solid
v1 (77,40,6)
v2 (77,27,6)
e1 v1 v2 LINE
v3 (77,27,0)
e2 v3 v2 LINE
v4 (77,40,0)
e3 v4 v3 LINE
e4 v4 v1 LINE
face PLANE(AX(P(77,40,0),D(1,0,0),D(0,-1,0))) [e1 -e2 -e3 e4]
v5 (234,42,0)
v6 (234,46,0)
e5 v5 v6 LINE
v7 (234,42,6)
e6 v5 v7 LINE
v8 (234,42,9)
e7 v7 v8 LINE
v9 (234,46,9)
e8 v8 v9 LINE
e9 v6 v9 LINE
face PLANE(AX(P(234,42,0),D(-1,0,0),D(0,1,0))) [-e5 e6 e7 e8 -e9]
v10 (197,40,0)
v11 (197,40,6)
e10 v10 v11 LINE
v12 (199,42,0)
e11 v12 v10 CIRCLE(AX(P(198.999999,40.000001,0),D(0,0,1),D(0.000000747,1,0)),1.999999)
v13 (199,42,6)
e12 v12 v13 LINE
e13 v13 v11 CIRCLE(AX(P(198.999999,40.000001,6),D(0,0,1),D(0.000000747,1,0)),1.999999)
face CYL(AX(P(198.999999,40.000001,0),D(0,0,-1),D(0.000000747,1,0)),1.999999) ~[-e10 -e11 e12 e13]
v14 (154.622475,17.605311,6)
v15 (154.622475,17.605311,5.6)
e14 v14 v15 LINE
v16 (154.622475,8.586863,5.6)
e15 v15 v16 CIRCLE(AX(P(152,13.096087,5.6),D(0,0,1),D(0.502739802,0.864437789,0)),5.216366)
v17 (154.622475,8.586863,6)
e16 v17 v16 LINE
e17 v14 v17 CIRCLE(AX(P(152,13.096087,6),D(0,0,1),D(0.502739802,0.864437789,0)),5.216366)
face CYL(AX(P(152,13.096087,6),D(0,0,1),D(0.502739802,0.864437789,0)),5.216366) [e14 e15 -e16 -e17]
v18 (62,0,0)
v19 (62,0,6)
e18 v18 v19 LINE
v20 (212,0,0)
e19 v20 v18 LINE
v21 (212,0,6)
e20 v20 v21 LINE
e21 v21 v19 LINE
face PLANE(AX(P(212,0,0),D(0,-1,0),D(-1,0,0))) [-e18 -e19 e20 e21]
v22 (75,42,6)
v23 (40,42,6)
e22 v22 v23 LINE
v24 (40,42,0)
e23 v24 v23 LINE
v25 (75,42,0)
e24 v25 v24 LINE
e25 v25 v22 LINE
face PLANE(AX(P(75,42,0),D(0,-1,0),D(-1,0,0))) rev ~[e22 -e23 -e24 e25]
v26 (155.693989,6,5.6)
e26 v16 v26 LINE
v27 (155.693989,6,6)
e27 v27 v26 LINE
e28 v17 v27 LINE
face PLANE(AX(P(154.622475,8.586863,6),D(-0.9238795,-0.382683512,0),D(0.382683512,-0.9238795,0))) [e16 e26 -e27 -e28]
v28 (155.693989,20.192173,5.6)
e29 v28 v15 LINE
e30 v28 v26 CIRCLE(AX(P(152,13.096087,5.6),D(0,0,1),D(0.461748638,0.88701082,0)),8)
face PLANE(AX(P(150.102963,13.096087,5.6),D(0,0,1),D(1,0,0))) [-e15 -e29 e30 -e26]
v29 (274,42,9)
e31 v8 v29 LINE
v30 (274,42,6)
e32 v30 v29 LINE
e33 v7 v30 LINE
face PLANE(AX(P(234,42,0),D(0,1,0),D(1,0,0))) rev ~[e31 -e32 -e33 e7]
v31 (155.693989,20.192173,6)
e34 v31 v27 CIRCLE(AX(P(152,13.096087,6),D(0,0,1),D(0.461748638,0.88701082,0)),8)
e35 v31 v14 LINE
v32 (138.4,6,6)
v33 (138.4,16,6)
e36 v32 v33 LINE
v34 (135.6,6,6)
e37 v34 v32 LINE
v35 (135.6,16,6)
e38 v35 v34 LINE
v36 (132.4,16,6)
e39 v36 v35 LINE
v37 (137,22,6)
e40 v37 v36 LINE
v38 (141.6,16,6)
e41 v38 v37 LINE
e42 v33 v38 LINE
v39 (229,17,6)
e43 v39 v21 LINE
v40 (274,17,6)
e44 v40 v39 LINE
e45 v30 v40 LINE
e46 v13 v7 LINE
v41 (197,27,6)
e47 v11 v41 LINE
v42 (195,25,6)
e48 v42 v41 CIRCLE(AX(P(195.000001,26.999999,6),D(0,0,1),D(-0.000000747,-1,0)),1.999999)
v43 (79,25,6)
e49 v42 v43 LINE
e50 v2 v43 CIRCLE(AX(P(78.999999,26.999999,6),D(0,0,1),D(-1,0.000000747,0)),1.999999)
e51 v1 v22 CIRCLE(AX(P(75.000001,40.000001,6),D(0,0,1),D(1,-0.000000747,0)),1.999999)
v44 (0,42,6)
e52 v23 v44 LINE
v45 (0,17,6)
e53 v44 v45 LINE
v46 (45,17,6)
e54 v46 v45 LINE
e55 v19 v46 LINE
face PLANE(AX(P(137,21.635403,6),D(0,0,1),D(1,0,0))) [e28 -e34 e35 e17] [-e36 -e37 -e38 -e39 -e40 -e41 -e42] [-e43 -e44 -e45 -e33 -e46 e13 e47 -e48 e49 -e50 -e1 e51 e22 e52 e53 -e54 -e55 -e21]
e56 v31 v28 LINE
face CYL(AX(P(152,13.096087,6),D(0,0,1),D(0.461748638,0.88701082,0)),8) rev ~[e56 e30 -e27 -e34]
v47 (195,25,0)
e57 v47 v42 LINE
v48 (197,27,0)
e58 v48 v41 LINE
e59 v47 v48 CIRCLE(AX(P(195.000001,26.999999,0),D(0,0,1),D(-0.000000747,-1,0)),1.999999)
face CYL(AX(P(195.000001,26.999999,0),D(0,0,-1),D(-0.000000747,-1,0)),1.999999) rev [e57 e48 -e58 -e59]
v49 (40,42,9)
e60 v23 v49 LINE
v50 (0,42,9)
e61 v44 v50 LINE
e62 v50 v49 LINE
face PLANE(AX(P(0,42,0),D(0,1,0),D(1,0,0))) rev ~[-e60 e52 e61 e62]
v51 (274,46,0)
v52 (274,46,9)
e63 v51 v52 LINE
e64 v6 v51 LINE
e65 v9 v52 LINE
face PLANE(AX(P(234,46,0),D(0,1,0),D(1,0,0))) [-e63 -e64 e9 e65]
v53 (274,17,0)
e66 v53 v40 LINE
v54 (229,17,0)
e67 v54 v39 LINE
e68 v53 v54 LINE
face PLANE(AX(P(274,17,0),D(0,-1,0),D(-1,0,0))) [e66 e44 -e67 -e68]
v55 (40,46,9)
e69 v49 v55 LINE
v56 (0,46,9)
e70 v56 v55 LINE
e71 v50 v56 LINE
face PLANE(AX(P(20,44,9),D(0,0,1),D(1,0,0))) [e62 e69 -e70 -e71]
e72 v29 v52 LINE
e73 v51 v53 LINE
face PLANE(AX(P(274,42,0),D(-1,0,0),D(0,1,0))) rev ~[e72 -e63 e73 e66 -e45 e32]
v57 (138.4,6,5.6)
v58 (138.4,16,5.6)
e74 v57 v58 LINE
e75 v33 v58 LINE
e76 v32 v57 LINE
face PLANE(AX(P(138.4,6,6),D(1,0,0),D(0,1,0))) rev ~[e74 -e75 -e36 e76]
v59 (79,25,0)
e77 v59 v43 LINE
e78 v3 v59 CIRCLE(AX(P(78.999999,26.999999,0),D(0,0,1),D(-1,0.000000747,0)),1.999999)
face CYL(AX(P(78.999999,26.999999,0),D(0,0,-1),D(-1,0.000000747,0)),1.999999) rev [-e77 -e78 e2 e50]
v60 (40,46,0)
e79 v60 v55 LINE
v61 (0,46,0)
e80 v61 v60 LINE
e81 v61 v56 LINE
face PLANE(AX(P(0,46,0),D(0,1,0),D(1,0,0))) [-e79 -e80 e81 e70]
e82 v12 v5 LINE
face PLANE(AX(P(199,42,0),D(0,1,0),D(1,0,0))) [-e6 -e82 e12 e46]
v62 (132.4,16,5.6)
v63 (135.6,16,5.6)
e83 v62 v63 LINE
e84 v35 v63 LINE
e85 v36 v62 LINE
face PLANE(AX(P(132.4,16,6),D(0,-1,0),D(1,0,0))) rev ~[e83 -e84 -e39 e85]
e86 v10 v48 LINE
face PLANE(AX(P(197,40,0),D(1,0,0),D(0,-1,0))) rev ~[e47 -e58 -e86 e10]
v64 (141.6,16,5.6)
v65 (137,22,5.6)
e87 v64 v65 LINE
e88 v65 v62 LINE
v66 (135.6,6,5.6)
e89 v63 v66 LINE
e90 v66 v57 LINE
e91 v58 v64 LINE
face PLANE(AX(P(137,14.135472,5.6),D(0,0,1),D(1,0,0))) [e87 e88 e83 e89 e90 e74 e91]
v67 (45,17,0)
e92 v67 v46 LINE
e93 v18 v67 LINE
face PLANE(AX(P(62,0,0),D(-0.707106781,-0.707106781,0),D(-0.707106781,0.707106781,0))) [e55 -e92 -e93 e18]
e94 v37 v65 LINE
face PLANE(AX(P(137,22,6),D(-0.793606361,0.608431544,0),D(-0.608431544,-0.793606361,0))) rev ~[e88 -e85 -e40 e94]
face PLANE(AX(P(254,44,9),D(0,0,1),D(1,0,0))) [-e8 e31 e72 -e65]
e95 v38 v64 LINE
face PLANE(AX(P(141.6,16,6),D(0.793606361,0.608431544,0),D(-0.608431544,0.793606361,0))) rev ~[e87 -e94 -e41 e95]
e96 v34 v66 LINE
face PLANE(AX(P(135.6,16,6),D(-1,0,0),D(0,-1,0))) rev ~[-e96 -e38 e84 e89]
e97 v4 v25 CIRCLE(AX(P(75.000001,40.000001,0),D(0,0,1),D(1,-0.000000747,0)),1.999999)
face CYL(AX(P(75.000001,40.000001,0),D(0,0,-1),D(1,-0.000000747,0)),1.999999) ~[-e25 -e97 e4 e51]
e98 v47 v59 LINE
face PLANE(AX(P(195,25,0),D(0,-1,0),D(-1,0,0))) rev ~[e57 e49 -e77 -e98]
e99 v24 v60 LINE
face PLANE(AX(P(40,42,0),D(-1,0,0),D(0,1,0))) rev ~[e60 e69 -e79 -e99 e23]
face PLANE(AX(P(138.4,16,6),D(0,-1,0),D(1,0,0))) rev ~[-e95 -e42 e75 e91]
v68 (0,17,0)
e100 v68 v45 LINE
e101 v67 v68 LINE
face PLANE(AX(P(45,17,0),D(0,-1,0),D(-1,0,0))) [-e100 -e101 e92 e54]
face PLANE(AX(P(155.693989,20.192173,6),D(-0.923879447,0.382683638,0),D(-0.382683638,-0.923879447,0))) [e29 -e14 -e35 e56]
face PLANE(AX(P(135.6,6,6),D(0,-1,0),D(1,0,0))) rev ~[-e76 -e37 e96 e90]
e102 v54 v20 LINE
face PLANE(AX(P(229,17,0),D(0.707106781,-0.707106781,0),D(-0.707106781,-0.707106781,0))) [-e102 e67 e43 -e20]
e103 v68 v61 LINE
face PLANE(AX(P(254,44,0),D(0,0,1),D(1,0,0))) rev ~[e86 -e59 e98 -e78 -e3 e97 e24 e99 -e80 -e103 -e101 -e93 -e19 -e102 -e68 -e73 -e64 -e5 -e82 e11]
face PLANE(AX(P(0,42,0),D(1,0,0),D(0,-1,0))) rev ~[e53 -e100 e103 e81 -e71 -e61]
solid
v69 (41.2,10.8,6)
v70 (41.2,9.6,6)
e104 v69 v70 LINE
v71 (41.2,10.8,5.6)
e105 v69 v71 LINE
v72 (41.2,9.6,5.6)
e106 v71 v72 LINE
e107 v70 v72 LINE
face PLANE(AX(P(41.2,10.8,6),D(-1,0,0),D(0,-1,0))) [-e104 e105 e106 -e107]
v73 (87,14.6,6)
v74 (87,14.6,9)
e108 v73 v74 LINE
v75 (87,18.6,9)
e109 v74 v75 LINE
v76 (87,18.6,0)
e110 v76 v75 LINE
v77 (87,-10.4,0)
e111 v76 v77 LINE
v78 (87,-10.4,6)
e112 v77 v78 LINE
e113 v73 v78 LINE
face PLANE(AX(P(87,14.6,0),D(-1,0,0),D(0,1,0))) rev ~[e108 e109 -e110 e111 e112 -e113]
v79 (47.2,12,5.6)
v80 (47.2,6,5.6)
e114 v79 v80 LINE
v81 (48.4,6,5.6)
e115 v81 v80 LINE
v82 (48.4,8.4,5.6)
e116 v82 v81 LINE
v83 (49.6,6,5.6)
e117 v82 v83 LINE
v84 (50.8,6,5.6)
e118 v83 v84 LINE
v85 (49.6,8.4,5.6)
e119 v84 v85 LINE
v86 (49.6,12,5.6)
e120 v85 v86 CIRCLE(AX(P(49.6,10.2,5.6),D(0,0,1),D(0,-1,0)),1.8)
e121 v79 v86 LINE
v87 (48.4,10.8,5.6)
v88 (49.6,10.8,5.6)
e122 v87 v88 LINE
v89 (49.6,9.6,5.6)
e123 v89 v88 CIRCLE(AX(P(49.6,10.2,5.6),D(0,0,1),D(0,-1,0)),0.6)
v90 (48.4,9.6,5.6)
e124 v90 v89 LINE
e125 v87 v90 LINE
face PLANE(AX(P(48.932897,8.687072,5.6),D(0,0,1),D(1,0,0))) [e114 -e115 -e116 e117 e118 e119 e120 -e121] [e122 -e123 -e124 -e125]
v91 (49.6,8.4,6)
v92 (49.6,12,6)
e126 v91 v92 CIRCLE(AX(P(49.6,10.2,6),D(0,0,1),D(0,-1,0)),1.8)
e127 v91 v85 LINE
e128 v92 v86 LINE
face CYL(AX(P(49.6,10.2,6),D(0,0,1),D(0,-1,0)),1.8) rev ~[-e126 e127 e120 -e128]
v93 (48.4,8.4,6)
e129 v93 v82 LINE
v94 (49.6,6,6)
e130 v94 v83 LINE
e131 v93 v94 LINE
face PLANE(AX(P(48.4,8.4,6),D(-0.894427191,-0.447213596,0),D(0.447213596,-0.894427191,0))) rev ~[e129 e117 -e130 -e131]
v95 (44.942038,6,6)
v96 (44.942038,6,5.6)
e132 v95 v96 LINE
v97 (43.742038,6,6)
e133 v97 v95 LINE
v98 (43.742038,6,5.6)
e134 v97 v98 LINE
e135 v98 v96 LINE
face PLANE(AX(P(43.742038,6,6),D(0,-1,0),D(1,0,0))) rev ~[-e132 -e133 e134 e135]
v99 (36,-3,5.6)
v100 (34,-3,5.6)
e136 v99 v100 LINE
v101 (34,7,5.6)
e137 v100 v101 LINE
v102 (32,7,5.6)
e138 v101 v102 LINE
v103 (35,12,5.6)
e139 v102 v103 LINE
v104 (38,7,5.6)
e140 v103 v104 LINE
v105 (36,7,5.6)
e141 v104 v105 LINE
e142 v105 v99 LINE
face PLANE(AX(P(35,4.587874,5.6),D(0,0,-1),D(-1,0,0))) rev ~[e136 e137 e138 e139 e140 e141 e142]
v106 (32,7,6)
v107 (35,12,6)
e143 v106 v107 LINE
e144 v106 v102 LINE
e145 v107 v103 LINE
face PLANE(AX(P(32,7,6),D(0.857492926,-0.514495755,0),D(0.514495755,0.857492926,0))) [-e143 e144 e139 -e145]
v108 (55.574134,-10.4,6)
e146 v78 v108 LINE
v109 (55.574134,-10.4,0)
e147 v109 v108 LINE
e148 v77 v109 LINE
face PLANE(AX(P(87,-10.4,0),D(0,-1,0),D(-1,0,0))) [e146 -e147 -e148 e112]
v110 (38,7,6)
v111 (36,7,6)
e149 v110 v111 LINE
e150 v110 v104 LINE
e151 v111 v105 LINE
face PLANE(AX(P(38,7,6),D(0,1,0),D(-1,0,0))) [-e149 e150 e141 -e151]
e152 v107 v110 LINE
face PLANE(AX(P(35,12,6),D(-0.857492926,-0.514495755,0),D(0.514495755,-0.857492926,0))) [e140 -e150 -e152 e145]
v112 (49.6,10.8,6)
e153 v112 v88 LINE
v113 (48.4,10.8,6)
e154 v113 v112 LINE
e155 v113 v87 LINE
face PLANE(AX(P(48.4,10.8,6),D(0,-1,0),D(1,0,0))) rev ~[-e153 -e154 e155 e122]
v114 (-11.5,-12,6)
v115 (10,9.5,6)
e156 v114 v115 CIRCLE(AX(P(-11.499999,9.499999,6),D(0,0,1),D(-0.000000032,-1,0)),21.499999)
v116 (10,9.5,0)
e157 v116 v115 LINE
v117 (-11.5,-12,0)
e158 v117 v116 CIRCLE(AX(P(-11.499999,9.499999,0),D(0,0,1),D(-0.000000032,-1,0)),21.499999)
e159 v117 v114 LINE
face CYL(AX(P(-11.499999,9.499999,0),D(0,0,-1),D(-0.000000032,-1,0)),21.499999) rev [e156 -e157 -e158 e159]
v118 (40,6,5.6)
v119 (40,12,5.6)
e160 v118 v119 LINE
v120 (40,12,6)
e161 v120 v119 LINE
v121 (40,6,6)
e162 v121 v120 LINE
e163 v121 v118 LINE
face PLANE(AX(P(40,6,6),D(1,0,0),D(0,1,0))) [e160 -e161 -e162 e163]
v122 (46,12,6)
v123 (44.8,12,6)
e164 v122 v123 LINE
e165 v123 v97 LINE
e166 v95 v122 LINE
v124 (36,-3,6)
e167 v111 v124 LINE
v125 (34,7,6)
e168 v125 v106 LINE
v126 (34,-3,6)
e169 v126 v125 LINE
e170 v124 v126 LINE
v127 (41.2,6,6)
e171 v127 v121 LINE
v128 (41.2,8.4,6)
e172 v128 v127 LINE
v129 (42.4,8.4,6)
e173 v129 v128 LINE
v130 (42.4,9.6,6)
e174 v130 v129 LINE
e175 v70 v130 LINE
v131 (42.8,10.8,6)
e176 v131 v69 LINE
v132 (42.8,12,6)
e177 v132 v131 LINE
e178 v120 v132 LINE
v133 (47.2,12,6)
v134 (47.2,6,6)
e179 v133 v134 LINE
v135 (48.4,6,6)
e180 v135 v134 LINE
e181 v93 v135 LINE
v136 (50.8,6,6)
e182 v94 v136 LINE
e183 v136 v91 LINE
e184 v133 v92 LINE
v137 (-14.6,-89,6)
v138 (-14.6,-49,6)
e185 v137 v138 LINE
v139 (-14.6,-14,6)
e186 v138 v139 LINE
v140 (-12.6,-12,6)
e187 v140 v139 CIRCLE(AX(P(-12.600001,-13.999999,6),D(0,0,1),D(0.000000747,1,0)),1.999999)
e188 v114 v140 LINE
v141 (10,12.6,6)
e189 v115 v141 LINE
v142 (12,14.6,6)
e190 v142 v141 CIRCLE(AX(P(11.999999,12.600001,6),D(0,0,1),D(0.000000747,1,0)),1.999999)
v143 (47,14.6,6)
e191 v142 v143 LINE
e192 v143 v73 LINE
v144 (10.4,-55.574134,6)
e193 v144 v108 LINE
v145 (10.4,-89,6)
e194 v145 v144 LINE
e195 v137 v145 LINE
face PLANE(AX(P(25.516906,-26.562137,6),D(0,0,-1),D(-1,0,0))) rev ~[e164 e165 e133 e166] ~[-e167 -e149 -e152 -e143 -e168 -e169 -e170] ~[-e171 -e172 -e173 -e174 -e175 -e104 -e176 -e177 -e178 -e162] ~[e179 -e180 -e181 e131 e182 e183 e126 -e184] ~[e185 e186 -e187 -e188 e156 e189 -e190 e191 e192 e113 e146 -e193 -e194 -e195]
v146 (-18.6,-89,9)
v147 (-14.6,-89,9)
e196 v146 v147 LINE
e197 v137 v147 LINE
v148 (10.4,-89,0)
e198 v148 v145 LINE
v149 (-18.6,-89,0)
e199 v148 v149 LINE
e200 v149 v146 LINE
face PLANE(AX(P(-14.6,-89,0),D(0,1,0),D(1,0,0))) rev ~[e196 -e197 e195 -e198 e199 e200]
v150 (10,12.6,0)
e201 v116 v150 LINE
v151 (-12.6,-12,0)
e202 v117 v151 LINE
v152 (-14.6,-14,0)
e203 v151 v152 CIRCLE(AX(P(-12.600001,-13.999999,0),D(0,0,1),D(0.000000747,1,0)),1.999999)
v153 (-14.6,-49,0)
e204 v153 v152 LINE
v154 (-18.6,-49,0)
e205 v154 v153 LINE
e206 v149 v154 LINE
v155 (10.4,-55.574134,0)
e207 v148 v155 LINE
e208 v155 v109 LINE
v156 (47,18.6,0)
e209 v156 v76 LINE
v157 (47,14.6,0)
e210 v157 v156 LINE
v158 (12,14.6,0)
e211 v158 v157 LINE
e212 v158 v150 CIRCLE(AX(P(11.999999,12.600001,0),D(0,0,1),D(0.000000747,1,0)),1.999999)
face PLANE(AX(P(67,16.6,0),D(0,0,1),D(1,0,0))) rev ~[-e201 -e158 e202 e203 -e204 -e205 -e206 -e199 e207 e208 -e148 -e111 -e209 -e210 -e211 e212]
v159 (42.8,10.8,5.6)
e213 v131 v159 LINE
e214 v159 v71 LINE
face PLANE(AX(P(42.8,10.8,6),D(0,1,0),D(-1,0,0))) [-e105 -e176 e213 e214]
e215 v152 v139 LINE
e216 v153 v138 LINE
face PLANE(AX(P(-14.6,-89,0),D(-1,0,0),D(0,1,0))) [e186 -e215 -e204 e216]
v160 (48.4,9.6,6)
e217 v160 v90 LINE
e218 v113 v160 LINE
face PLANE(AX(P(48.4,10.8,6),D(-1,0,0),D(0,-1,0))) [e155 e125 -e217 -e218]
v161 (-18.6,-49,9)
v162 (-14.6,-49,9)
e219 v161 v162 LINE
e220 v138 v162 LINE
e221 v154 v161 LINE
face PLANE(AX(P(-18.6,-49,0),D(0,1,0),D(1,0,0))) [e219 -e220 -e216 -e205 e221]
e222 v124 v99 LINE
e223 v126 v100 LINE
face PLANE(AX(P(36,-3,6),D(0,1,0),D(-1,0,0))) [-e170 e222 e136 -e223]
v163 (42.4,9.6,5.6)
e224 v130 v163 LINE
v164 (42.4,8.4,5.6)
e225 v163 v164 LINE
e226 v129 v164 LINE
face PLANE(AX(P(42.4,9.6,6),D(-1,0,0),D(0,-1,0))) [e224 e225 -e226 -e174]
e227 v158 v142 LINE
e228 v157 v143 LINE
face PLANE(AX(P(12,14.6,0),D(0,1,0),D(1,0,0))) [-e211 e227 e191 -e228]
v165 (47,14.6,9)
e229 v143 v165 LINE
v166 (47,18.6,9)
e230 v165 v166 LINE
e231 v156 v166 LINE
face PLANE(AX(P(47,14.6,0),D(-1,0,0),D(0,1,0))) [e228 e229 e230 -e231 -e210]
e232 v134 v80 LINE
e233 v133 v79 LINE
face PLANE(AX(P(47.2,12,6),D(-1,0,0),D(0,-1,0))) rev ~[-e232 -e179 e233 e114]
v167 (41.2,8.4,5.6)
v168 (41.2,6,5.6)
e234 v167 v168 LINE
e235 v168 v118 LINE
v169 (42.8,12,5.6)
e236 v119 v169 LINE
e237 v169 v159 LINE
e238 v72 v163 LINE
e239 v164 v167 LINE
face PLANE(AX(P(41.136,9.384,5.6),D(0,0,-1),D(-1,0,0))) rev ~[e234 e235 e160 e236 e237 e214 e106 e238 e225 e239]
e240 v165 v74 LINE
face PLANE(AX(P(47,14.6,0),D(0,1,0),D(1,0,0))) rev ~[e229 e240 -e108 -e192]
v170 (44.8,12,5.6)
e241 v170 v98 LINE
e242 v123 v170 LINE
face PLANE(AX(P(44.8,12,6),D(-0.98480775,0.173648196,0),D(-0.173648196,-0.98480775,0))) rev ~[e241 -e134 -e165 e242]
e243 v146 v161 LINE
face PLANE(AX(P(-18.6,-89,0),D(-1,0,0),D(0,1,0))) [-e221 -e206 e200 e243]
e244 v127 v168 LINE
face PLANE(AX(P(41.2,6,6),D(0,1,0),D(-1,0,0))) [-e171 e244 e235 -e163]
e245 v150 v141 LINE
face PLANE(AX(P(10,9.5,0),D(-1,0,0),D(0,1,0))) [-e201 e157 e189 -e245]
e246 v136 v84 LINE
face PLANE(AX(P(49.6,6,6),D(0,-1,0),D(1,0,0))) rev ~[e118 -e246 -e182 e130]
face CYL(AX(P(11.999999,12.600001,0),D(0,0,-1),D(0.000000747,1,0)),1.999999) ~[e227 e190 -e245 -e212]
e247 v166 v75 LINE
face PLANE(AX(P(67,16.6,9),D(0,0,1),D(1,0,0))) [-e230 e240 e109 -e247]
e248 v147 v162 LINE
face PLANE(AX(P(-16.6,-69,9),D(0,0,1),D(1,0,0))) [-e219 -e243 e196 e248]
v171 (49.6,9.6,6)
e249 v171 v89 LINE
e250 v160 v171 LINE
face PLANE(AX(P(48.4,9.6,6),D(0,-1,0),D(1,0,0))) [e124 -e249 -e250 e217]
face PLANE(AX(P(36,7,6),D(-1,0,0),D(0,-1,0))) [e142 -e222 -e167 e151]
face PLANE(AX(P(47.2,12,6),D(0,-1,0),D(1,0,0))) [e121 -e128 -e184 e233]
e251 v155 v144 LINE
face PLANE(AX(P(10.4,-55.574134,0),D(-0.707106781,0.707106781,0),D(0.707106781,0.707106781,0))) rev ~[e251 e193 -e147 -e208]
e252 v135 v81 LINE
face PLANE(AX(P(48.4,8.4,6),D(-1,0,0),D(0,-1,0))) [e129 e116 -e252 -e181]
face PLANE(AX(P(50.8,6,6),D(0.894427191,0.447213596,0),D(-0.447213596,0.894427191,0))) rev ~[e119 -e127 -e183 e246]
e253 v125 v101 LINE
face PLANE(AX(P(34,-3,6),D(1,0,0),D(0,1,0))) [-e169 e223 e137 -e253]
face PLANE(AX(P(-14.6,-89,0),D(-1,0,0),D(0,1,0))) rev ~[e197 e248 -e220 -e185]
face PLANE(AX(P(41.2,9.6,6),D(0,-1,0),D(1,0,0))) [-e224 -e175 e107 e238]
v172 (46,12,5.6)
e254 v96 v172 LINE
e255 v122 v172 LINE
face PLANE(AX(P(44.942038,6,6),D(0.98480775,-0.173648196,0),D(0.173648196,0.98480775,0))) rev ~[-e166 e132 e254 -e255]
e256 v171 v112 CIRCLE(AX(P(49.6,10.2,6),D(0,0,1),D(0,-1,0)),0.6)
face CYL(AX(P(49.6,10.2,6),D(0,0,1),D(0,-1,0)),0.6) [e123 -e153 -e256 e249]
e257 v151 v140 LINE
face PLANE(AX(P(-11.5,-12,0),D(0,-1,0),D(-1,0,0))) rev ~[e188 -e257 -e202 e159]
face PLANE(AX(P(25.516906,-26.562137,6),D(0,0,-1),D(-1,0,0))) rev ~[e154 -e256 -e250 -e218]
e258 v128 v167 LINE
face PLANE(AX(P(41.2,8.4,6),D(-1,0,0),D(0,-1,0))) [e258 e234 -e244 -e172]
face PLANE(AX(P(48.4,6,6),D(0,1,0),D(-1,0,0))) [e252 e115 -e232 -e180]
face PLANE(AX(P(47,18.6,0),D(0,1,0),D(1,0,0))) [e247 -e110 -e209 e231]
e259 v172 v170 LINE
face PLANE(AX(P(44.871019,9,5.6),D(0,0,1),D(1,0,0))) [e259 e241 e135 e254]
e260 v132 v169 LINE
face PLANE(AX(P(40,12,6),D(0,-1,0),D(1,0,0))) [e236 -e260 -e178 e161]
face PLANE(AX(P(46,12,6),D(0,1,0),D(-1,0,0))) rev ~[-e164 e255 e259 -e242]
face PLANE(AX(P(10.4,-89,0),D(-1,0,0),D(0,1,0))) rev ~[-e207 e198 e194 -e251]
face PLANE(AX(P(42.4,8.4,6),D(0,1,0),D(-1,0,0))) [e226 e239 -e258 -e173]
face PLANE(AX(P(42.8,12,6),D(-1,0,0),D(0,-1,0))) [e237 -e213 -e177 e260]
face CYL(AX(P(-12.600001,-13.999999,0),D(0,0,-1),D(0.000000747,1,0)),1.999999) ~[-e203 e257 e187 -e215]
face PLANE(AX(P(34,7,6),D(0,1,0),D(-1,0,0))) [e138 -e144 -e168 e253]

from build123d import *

# Parameters (mm, degrees)
PAD_DEPTH       = 6
SKETCH002_W     = 40
SKETCH002_H     = 4
SKETCH002_W_2   = 4
SKETCH002_H_2   = 40
PAD001_DEPTH    = 9
POCKET_DEPTH    = 0.4
PAD002_DEPTH    = 6
SKETCH005_W     = 40
SKETCH005_H     = 4
PAD003_DEPTH    = 9
POCKET001_DEPTH = 0.4


with BuildPart() as corner:
    # Sketch001 → Pad (new body)
    with BuildSketch(Plane.XY):
        with BuildLine():
            ThreePointArc((-11.5, -12), (3.702796, -5.702796), (10, 9.5))
            Line((10, 9.5), (10, 12.6))
            ThreePointArc((12, 14.6), (10.585786, 14.014214), (10, 12.6))
            Line((12, 14.6), (87, 14.6))
            Line((87, 14.6), (87, -10.4))
            Line((87, -10.4), (55.574134, -10.4))
            Line((10.4, -55.574134), (55.574134, -10.4))
            Line((10.4, -89), (10.4, -55.574134))
            Line((-14.6, -89), (10.4, -89))
            Line((-14.6, -89), (-14.6, -14))
            ThreePointArc((-12.6, -12), (-14.014214, -12.585786), (-14.6, -14))
            Line((-11.5, -12), (-12.6, -12))
        make_face()
    extrude(amount=PAD_DEPTH)

    # Sketch002 → Pad001 (join)
    with BuildSketch(Plane.XY):
        with Locations((67, 16.6)):
            Rectangle(SKETCH002_W, SKETCH002_H)
        with Locations((-16.6, -69)):
            Rectangle(SKETCH002_W_2, SKETCH002_H_2)
    extrude(amount=PAD001_DEPTH)

    # Sketch003 (on Face4 of Pad001) → Pocket (cut)
    with BuildSketch(Plane.XY.offset(6)):
        Polygon((34, -3), (34, 7), (32, 7), (35, 12), (38, 7), (36, 7), (36, -3), align=None)
        Polygon((40, 6), (40, 12), (42.8, 12), (42.8, 10.8), (41.2, 10.8), (41.2, 9.6), (42.4, 9.6), (42.4, 8.4), (41.2, 8.4), (41.2, 6), align=None)
        Polygon((44.8, 12), (43.742038, 6), (44.942038, 6), (46, 12), align=None)
        with BuildLine():
            Line((47.2, 12), (47.2, 6))
            Line((48.4, 6), (47.2, 6))
            Line((48.4, 8.4), (48.4, 6))
            Line((48.4, 8.4), (49.6, 6))
            Line((49.6, 6), (50.8, 6))
            Line((50.8, 6), (49.6, 8.4))
            ThreePointArc((49.6, 8.4), (51.4, 10.2), (49.6, 12))
            Line((47.2, 12), (49.6, 12))
        make_face()
        with BuildLine():
            Line((48.4, 10.8), (48.4, 9.6))
            Line((48.4, 9.6), (49.6, 9.6))
            ThreePointArc((49.6, 9.6), (50.2, 10.2), (49.6, 10.8))
            Line((48.4, 10.8), (49.6, 10.8))
        make_face(mode=Mode.SUBTRACT)
    extrude(amount=-POCKET_DEPTH, mode=Mode.SUBTRACT)


with BuildPart() as screen:
    # Sketch004 → Pad002 (new body)
    with BuildSketch(Plane.XY):
        with BuildLine():
            ThreePointArc((77, 40), (76.414214, 41.414214), (75, 42))
            Line((75, 42), (0, 42))
            Line((0, 42), (0, 17))
            Line((45, 17), (0, 17))
            Line((62, 0), (45, 17))
            Line((212, 0), (62, 0))
            Line((229, 17), (212, 0))
            Line((274, 17), (229, 17))
            Line((274, 42), (274, 17))
            Line((199, 42), (274, 42))
            ThreePointArc((199, 42), (197.585786, 41.414214), (197, 40))
            Line((197, 40), (197, 27))
            ThreePointArc((195, 25), (196.414214, 25.585786), (197, 27))
            Line((195, 25), (79, 25))
            ThreePointArc((77, 27), (77.585786, 25.585786), (79, 25))
            Line((77, 40), (77, 27))
        make_face()
    extrude(amount=PAD002_DEPTH)

    # Sketch005 → Pad003 (join)
    with BuildSketch(Plane.XY):
        with Locations((254, 44)):
            Rectangle(SKETCH005_W, SKETCH005_H)
        with Locations((20, 44)):
            Rectangle(SKETCH005_W, SKETCH005_H)
    extrude(amount=PAD003_DEPTH)

    # Sketch006 (on Face4 of Pad003) → Pocket001 (cut)
    with BuildSketch(Plane.XY.offset(6)):
        Polygon((137, 22), (132.4, 16), (135.6, 16), (135.6, 6), (138.4, 6), (138.4, 16), (141.6, 16), align=None)
        with BuildLine():
            ThreePointArc((155.693989, 20.192173), (144, 13.096087), (155.693989, 6))
            Line((154.622475, 8.586863), (155.693989, 6))
            ThreePointArc((154.622475, 17.605311), (146.783634, 13.096087), (154.622475, 8.586863))
            Line((155.693989, 20.192173), (154.622475, 17.605311))
        make_face()
    extrude(amount=-POCKET001_DEPTH, mode=Mode.SUBTRACT)


solid = Compound([corner.part, screen.part])
